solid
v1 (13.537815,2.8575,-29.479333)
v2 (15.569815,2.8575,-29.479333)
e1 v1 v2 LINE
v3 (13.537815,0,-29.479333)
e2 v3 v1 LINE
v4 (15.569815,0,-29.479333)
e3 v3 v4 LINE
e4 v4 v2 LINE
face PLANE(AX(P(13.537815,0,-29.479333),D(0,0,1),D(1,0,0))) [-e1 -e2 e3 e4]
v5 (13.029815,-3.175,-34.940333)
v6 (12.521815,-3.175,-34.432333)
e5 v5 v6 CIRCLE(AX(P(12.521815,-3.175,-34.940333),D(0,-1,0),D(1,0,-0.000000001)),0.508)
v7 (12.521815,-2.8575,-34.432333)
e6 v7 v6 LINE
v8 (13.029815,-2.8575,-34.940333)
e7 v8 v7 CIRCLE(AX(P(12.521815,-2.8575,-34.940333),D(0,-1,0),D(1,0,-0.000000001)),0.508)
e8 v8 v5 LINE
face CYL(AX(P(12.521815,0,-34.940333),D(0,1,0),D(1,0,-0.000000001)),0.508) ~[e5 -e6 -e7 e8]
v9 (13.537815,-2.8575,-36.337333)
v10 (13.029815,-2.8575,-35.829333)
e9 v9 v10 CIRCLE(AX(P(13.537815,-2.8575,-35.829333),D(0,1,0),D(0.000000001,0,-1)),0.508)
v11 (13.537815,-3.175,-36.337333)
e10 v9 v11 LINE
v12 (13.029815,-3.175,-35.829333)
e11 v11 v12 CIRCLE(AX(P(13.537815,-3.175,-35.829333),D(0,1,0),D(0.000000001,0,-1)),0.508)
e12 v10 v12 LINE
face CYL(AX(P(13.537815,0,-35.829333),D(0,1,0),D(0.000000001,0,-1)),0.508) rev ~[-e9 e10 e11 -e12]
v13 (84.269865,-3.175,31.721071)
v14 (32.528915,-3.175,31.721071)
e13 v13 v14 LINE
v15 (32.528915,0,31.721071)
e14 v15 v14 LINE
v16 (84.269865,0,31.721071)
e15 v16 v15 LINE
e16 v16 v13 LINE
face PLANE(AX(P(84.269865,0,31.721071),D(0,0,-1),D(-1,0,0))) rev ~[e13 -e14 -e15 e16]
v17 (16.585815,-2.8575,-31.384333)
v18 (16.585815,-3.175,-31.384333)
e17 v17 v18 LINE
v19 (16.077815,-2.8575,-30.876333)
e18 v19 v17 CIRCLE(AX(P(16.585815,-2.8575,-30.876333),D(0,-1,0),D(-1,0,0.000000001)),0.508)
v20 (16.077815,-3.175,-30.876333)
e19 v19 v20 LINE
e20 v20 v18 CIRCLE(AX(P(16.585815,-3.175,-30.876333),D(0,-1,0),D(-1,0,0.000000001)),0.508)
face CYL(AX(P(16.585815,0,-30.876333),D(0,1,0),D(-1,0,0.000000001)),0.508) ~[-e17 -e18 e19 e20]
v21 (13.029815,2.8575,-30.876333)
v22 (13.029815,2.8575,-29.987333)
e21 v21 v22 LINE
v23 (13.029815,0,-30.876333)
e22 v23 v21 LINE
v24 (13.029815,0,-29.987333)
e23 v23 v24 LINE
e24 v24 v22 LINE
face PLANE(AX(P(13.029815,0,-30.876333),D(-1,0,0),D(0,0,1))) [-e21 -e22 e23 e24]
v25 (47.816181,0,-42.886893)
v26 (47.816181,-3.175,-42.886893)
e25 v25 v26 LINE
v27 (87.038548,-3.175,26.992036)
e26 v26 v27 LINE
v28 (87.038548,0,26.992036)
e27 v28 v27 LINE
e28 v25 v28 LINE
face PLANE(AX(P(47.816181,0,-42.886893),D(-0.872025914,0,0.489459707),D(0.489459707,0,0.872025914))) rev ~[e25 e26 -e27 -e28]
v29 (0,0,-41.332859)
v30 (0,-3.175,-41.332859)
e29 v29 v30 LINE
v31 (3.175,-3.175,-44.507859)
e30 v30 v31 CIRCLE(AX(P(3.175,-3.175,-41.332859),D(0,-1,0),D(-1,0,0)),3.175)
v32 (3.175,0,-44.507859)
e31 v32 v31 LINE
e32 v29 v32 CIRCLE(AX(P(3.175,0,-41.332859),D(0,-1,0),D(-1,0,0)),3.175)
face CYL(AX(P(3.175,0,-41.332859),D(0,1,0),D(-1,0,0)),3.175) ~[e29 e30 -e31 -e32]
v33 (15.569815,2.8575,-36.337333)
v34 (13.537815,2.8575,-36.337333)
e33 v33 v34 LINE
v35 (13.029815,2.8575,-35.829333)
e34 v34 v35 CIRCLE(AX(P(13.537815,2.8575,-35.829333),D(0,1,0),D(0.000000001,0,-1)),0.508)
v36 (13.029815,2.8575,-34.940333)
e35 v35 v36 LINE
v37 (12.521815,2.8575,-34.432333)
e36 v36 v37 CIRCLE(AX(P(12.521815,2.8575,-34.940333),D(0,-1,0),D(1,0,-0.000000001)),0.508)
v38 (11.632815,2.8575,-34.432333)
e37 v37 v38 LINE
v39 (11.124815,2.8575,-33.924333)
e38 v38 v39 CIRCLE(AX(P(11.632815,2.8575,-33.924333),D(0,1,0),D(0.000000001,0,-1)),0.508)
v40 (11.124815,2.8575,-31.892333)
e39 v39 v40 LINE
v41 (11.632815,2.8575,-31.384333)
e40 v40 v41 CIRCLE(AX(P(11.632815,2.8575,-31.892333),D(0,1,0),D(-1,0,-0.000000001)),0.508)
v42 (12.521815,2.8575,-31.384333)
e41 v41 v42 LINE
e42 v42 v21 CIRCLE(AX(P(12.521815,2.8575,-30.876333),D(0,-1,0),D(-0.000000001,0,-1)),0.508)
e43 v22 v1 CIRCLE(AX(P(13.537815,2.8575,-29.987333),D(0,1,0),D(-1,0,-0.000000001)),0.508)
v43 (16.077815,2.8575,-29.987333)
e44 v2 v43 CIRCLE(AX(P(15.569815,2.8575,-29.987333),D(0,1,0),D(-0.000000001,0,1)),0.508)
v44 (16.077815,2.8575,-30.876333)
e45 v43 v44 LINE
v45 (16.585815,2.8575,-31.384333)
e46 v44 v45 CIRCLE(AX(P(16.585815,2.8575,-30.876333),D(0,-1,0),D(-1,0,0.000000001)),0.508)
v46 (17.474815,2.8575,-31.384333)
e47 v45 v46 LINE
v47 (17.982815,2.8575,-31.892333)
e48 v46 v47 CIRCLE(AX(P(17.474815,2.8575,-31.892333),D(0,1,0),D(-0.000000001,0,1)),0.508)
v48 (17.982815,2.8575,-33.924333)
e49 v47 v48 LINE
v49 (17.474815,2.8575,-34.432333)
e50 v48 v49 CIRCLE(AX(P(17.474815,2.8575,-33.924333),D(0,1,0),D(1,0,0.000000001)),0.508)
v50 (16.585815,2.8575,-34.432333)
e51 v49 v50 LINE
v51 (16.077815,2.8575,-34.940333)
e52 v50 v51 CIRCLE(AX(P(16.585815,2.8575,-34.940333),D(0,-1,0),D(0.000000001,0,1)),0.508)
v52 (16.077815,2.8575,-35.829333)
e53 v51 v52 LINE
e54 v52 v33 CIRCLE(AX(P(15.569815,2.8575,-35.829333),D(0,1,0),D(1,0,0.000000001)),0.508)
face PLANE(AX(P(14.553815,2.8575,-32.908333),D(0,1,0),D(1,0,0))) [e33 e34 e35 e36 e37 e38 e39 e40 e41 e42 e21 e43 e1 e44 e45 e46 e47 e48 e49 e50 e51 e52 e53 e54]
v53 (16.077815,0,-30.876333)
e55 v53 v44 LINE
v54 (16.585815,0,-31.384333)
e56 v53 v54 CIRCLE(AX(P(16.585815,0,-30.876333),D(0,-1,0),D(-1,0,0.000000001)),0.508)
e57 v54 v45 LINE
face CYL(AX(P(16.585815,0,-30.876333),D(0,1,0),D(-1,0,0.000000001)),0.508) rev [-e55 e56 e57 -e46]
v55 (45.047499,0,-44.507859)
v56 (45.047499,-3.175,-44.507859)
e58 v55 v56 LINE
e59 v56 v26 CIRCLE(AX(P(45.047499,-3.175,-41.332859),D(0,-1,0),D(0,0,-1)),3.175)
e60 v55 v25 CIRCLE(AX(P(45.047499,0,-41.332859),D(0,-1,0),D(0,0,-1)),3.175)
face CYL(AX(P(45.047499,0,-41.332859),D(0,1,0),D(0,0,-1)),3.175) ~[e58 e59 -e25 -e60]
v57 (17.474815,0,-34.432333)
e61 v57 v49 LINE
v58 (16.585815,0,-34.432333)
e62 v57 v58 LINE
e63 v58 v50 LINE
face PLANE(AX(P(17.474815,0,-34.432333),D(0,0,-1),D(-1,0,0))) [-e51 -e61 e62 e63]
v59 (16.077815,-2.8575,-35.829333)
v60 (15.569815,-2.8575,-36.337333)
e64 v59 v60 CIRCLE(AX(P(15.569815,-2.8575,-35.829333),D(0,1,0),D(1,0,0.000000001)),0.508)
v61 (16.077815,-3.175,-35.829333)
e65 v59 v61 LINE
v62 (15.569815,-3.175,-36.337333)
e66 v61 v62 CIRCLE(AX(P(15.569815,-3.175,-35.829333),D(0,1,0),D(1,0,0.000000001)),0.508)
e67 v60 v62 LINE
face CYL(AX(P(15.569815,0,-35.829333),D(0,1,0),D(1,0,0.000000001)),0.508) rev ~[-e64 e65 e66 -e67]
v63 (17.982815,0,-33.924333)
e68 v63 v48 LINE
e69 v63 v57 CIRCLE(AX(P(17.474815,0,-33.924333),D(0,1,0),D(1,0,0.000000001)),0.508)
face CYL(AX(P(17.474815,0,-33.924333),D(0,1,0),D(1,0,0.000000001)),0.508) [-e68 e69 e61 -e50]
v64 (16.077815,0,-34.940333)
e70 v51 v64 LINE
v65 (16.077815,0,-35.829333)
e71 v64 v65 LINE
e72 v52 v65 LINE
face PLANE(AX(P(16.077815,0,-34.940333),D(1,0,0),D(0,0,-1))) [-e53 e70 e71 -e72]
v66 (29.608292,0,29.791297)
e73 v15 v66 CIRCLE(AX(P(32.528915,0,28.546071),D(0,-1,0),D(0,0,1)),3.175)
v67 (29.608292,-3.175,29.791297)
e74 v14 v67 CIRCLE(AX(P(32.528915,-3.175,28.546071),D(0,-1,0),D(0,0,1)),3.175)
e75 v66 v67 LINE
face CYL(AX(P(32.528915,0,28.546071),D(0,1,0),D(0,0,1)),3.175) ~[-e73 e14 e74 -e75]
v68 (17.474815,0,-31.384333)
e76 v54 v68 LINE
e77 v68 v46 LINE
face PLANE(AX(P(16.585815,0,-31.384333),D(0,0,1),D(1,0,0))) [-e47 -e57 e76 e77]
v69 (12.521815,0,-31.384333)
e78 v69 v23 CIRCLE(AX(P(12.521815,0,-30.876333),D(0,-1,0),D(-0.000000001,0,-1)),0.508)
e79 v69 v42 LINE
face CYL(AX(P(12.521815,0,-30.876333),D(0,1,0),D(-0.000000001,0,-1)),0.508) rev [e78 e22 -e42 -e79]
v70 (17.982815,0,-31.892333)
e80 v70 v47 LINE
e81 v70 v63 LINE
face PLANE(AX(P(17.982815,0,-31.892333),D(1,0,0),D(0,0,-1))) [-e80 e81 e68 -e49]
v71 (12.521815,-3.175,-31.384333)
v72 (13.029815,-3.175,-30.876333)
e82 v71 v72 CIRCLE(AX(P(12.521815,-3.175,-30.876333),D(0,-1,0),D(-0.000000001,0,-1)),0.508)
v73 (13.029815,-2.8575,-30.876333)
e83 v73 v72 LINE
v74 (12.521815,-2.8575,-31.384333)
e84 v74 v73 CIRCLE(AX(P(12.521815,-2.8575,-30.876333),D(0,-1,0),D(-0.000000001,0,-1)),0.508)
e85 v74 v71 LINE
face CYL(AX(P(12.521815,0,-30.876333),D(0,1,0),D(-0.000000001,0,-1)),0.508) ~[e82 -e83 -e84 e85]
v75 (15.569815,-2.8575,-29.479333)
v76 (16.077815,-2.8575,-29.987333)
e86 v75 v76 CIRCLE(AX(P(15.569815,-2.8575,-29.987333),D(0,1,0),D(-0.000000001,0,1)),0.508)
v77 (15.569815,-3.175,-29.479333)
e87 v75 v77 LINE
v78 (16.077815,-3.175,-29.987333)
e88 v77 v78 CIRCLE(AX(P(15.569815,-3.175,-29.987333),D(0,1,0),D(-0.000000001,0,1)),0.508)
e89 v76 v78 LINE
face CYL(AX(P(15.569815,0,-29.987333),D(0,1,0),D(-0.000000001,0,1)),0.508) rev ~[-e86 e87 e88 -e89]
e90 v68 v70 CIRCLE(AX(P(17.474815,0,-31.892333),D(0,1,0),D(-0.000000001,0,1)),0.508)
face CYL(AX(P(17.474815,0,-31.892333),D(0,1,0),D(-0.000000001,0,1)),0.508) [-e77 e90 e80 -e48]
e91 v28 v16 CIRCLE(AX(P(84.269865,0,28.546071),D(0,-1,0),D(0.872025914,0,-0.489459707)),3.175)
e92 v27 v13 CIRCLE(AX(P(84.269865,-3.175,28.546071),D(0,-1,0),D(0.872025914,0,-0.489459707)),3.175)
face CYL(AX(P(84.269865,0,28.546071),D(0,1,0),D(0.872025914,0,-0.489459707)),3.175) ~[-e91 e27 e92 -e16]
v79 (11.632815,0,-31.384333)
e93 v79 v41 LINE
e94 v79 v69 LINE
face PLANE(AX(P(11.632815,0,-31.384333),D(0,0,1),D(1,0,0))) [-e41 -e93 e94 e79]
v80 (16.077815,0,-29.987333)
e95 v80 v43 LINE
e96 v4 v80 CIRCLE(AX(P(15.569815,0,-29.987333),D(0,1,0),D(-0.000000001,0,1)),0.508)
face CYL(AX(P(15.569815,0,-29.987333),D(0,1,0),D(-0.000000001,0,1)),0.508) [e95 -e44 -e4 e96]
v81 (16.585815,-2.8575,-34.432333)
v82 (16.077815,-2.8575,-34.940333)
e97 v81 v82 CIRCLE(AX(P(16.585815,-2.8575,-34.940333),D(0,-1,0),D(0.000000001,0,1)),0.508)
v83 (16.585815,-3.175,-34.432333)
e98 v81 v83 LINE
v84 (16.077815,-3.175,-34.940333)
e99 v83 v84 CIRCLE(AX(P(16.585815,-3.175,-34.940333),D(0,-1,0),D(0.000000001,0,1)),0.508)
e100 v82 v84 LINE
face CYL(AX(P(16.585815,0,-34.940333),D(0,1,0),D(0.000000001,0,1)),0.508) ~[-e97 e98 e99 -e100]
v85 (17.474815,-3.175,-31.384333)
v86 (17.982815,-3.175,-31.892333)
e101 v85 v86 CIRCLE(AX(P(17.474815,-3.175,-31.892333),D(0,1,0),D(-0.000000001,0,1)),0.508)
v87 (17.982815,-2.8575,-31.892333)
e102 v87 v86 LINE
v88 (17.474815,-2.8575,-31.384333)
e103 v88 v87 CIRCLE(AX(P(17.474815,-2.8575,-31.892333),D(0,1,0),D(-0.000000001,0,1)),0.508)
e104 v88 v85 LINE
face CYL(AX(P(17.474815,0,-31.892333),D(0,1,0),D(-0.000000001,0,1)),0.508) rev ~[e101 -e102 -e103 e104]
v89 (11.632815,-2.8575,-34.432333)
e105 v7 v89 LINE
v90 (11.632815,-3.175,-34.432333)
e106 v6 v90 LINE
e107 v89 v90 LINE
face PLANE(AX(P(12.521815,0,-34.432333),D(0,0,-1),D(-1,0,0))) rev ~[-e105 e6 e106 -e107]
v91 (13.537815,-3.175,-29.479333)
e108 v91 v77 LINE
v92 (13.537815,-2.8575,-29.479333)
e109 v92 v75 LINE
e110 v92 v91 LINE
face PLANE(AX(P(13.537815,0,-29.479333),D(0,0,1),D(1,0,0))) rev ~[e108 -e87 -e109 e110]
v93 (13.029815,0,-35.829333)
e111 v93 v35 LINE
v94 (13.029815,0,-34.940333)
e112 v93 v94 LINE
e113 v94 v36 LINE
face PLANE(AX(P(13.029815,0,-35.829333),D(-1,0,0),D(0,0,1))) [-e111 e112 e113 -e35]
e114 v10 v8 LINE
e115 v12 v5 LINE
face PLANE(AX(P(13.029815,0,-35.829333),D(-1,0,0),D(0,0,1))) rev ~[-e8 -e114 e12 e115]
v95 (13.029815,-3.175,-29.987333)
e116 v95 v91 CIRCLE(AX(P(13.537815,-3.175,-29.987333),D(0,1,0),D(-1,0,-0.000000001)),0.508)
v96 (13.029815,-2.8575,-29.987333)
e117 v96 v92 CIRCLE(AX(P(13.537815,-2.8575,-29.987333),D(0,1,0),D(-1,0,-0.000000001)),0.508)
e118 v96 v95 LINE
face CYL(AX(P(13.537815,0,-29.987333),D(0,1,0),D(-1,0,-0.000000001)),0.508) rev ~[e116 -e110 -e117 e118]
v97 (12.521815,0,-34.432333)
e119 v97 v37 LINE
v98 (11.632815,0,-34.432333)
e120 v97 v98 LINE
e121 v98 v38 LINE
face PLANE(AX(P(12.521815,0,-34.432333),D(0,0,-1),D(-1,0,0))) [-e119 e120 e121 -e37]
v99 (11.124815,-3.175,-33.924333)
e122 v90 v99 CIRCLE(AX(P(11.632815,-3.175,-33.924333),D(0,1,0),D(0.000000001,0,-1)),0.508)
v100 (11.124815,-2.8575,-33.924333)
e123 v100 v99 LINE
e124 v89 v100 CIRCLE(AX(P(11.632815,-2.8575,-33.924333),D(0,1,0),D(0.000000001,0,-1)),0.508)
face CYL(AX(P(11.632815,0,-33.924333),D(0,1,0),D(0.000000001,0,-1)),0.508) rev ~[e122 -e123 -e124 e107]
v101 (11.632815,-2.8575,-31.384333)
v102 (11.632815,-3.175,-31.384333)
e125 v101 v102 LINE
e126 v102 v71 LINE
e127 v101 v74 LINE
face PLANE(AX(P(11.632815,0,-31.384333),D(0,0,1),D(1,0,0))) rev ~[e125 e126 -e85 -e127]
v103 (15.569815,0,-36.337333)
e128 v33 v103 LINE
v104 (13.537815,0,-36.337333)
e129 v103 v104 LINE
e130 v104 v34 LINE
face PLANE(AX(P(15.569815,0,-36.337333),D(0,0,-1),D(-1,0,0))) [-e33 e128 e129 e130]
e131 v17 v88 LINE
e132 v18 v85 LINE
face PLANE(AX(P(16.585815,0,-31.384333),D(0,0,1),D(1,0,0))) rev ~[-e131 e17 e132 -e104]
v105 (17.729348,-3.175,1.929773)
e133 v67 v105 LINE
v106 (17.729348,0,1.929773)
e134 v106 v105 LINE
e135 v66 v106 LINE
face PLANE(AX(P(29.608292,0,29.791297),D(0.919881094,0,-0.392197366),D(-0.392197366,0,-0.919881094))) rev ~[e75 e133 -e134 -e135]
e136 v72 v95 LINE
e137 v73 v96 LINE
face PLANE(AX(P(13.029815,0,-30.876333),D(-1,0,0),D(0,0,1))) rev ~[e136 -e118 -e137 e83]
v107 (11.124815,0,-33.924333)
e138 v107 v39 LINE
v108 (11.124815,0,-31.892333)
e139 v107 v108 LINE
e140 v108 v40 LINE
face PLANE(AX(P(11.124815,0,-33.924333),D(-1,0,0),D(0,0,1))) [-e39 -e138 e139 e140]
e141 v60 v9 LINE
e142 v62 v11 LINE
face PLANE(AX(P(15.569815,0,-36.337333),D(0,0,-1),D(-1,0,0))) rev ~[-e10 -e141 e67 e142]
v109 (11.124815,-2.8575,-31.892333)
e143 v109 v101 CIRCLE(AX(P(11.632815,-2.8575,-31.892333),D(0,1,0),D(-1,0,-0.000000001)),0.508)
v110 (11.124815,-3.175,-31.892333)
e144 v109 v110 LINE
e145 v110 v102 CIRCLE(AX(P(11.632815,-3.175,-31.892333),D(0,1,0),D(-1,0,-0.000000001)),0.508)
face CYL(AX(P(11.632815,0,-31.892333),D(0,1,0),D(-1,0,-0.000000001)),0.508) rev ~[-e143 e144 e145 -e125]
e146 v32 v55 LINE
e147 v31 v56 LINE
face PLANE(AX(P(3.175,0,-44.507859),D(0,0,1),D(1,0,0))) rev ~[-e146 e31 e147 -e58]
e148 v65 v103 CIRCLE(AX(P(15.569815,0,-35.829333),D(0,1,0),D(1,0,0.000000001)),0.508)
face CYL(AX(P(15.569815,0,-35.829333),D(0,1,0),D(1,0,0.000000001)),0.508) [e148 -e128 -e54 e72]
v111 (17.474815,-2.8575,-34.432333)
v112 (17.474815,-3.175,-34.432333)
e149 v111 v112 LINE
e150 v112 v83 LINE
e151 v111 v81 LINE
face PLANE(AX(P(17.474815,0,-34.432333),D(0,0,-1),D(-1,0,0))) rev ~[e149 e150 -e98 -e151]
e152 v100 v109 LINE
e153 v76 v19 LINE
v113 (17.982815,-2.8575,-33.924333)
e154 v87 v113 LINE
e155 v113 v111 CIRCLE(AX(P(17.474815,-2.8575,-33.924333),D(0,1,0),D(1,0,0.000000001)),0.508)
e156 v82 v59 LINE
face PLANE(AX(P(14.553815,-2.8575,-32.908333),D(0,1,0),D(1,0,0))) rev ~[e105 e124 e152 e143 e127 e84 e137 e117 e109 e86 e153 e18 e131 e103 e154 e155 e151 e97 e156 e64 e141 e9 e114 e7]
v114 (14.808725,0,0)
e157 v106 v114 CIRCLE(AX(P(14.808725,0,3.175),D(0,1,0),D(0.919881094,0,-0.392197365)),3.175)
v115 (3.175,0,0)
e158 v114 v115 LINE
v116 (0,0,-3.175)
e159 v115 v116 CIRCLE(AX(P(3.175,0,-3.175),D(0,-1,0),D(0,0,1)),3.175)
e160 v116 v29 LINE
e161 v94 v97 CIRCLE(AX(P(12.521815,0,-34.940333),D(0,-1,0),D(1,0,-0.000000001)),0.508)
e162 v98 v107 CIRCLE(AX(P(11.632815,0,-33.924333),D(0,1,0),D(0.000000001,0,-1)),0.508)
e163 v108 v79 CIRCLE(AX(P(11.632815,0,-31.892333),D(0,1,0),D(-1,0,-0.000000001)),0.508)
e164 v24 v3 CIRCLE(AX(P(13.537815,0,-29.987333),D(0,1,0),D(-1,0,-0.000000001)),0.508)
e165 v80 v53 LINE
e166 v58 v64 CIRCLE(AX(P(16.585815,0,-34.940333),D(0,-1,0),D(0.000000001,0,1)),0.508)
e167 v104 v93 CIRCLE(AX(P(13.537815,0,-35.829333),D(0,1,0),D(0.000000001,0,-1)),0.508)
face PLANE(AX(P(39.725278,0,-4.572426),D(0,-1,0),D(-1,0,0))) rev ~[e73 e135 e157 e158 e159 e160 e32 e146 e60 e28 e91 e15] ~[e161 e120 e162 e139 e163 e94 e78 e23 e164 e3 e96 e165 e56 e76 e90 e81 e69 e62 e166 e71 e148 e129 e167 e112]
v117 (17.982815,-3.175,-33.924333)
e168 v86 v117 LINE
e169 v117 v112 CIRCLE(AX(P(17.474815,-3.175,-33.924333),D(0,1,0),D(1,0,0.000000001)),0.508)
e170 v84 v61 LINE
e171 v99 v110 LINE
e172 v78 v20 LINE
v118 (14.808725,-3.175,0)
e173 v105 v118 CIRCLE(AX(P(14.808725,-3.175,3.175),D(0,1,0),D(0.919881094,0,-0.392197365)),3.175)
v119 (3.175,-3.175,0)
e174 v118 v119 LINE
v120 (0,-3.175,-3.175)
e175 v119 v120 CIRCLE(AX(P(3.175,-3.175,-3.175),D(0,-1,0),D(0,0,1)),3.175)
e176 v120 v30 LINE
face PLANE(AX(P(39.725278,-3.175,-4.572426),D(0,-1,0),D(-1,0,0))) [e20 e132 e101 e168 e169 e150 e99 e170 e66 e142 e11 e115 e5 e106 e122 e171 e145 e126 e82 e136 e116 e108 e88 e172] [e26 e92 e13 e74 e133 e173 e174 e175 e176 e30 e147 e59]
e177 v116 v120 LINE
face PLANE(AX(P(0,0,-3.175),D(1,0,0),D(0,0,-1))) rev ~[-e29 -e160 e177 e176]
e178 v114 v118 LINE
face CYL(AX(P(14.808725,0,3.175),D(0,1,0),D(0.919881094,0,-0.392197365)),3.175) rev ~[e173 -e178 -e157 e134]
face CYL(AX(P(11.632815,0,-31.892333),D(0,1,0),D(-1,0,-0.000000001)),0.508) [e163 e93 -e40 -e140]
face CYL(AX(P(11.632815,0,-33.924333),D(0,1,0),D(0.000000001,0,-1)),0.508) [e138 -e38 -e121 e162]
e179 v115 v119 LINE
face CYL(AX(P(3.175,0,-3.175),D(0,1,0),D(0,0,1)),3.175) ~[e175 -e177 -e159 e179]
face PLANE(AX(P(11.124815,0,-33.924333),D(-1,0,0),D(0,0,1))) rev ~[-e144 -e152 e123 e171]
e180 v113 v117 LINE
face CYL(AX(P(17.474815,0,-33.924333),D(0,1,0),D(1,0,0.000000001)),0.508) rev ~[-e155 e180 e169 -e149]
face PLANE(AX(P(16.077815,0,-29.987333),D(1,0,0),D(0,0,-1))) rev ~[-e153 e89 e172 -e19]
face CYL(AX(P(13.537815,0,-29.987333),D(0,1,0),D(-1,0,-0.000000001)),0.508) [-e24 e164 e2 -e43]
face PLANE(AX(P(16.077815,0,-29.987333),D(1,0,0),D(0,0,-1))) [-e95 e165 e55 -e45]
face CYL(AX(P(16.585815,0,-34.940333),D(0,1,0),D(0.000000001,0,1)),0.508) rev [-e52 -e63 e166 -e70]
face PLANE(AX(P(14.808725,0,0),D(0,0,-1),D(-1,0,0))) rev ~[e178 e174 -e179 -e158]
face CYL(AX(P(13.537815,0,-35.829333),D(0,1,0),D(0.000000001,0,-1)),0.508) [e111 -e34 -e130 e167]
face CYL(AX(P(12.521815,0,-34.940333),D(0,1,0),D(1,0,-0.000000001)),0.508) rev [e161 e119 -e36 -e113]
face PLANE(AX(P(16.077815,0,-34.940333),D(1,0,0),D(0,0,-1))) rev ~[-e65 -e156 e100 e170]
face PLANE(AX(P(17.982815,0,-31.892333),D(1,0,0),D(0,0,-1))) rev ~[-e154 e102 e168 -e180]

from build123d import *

# Parameters (mm, degrees)
EXTRUDE1_DEPTH = 3.175
EXTRUDE2_DEPTH = 2.8575


with BuildPart() as part:
    # Sketch1 → Extrude1 (new body)
    with BuildSketch(Plane(origin=(0, 0, 0), x_dir=(1, 0, 0), z_dir=(0, 1, 0))):
        with BuildLine():
            Line((3.175, 44.50785877), (45.047498502, 44.50785877))
            ThreePointArc((45.047498502, 44.50785877), (46.651643951, 44.072811758), (47.81618078, 42.886893339))
            Line((47.81618078, 42.886893339), (87.038547596, -26.992036046))
            ThreePointArc((87.038547596, -26.992036046), (87.009818306, -30.150216064), (84.269865318, -31.721070615))
            Line((84.269865318, -31.721070615), (32.528914715, -31.721070615))
            ThreePointArc((32.528914715, -31.721070615), (30.778624678, -31.195053398), (29.608292243, -29.791297251))
            Line((29.608292243, -29.791297251), (17.72934795, -1.929773364))
            ThreePointArc((17.72934795, -1.929773364), (16.559015516, -0.526017217), (14.808725478, 0))
            Line((14.808725478, 0), (3.175, 0))
            ThreePointArc((3.175, 0), (0.92993597, 0.92993597), (0, 3.175))
            Line((0, 3.175), (0, 41.33285877))
            ThreePointArc((0, 41.33285877), (0.92993597, 43.5779228), (3.175, 44.50785877))
        make_face()
        with BuildLine():
            Line((13.029814646, 30.876332876), (13.029814646, 29.987332876))
            ThreePointArc((13.029814646, 29.987332876), (13.178604401, 29.628122631), (13.537814646, 29.479332876))
            Line((13.537814646, 29.479332876), (15.569814646, 29.479332876))
            ThreePointArc((15.569814646, 29.479332876), (15.929024891, 29.628122631), (16.077814646, 29.987332876))
            Line((16.077814646, 29.987332876), (16.077814646, 30.876332876))
            ThreePointArc((16.077814646, 30.876332876), (16.226604401, 31.235543121), (16.585814646, 31.384332876))
            Line((16.585814646, 31.384332876), (17.474814646, 31.384332876))
            ThreePointArc((17.474814646, 31.384332876), (17.834024891, 31.533122631), (17.982814646, 31.892332876))
            Line((17.982814646, 31.892332876), (17.982814646, 33.924332876))
            ThreePointArc((17.982814646, 33.924332876), (17.834024891, 34.283543121), (17.474814646, 34.432332876))
            Line((17.474814646, 34.432332876), (16.585814646, 34.432332876))
            ThreePointArc((16.585814646, 34.432332876), (16.226604401, 34.581122631), (16.077814646, 34.940332876))
            Line((16.077814646, 34.940332876), (16.077814646, 35.829332876))
            ThreePointArc((16.077814646, 35.829332876), (15.929024891, 36.188543121), (15.569814646, 36.337332876))
            Line((15.569814646, 36.337332876), (13.537814646, 36.337332876))
            ThreePointArc((13.537814646, 36.337332876), (13.178604401, 36.188543121), (13.029814646, 35.829332876))
            Line((13.029814646, 35.829332876), (13.029814646, 34.940332876))
            ThreePointArc((13.029814646, 34.940332876), (12.881024891, 34.581122631), (12.521814646, 34.432332876))
            Line((12.521814646, 34.432332876), (11.632814646, 34.432332876))
            ThreePointArc((11.632814646, 34.432332876), (11.273604401, 34.283543121), (11.124814646, 33.924332876))
            Line((11.124814646, 33.924332876), (11.124814646, 31.892332876))
            ThreePointArc((11.124814646, 31.892332876), (11.273604401, 31.533122631), (11.632814646, 31.384332876))
            Line((11.632814646, 31.384332876), (12.521814646, 31.384332876))
            ThreePointArc((12.521814646, 31.384332876), (12.881024891, 31.235543121), (13.029814646, 30.876332876))
        make_face(mode=Mode.SUBTRACT)
    extrude(amount=-EXTRUDE1_DEPTH)

    # Sketch4 → Extrude2 (add, symmetric)
    with BuildSketch(Plane(origin=(0, 0, 0), x_dir=(1, 0, 0), z_dir=(0, 1, 0))):
        with BuildLine():
            Line((15.569814646, 36.337332876), (13.537814646, 36.337332876))
            ThreePointArc((13.537814646, 36.337332876), (13.178604401, 36.188543121), (13.029814646, 35.829332876))
            Line((13.029814646, 35.829332876), (13.029814646, 34.940332876))
            ThreePointArc((13.029814646, 34.940332876), (12.881024891, 34.581122631), (12.521814646, 34.432332876))
            Line((12.521814646, 34.432332876), (11.632814646, 34.432332876))
            ThreePointArc((11.632814646, 34.432332876), (11.273604401, 34.283543121), (11.124814646, 33.924332876))
            Line((11.124814646, 33.924332876), (11.124814646, 31.892332876))
            ThreePointArc((11.124814646, 31.892332876), (11.273604401, 31.533122631), (11.632814646, 31.384332876))
            Line((11.632814646, 31.384332876), (12.521814646, 31.384332876))
            ThreePointArc((12.521814646, 31.384332876), (12.881024891, 31.235543121), (13.029814646, 30.876332876))
            Line((13.029814646, 30.876332876), (13.029814646, 29.987332876))
            ThreePointArc((13.029814646, 29.987332876), (13.178604401, 29.628122631), (13.537814646, 29.479332876))
            Line((13.537814646, 29.479332876), (15.569814646, 29.479332876))
            ThreePointArc((15.569814646, 29.479332876), (15.929024891, 29.628122631), (16.077814646, 29.987332876))
            Line((16.077814646, 29.987332876), (16.077814646, 30.876332876))
            ThreePointArc((16.077814646, 30.876332876), (16.226604401, 31.235543121), (16.585814646, 31.384332876))
            Line((16.585814646, 31.384332876), (17.474814646, 31.384332876))
            ThreePointArc((17.474814646, 31.384332876), (17.834024891, 31.533122631), (17.982814646, 31.892332876))
            Line((17.982814646, 31.892332876), (17.982814646, 33.924332876))
            ThreePointArc((17.982814646, 33.924332876), (17.834024891, 34.283543121), (17.474814646, 34.432332876))
            Line((17.474814646, 34.432332876), (16.585814646, 34.432332876))
            ThreePointArc((16.585814646, 34.432332876), (16.226604401, 34.581122631), (16.077814646, 34.940332876))
            Line((16.077814646, 34.940332876), (16.077814646, 35.829332876))
            ThreePointArc((16.077814646, 35.829332876), (15.929024891, 36.188543121), (15.569814646, 36.337332876))
        make_face()
    extrude(amount=EXTRUDE2_DEPTH, both=True)


solid = part.part
